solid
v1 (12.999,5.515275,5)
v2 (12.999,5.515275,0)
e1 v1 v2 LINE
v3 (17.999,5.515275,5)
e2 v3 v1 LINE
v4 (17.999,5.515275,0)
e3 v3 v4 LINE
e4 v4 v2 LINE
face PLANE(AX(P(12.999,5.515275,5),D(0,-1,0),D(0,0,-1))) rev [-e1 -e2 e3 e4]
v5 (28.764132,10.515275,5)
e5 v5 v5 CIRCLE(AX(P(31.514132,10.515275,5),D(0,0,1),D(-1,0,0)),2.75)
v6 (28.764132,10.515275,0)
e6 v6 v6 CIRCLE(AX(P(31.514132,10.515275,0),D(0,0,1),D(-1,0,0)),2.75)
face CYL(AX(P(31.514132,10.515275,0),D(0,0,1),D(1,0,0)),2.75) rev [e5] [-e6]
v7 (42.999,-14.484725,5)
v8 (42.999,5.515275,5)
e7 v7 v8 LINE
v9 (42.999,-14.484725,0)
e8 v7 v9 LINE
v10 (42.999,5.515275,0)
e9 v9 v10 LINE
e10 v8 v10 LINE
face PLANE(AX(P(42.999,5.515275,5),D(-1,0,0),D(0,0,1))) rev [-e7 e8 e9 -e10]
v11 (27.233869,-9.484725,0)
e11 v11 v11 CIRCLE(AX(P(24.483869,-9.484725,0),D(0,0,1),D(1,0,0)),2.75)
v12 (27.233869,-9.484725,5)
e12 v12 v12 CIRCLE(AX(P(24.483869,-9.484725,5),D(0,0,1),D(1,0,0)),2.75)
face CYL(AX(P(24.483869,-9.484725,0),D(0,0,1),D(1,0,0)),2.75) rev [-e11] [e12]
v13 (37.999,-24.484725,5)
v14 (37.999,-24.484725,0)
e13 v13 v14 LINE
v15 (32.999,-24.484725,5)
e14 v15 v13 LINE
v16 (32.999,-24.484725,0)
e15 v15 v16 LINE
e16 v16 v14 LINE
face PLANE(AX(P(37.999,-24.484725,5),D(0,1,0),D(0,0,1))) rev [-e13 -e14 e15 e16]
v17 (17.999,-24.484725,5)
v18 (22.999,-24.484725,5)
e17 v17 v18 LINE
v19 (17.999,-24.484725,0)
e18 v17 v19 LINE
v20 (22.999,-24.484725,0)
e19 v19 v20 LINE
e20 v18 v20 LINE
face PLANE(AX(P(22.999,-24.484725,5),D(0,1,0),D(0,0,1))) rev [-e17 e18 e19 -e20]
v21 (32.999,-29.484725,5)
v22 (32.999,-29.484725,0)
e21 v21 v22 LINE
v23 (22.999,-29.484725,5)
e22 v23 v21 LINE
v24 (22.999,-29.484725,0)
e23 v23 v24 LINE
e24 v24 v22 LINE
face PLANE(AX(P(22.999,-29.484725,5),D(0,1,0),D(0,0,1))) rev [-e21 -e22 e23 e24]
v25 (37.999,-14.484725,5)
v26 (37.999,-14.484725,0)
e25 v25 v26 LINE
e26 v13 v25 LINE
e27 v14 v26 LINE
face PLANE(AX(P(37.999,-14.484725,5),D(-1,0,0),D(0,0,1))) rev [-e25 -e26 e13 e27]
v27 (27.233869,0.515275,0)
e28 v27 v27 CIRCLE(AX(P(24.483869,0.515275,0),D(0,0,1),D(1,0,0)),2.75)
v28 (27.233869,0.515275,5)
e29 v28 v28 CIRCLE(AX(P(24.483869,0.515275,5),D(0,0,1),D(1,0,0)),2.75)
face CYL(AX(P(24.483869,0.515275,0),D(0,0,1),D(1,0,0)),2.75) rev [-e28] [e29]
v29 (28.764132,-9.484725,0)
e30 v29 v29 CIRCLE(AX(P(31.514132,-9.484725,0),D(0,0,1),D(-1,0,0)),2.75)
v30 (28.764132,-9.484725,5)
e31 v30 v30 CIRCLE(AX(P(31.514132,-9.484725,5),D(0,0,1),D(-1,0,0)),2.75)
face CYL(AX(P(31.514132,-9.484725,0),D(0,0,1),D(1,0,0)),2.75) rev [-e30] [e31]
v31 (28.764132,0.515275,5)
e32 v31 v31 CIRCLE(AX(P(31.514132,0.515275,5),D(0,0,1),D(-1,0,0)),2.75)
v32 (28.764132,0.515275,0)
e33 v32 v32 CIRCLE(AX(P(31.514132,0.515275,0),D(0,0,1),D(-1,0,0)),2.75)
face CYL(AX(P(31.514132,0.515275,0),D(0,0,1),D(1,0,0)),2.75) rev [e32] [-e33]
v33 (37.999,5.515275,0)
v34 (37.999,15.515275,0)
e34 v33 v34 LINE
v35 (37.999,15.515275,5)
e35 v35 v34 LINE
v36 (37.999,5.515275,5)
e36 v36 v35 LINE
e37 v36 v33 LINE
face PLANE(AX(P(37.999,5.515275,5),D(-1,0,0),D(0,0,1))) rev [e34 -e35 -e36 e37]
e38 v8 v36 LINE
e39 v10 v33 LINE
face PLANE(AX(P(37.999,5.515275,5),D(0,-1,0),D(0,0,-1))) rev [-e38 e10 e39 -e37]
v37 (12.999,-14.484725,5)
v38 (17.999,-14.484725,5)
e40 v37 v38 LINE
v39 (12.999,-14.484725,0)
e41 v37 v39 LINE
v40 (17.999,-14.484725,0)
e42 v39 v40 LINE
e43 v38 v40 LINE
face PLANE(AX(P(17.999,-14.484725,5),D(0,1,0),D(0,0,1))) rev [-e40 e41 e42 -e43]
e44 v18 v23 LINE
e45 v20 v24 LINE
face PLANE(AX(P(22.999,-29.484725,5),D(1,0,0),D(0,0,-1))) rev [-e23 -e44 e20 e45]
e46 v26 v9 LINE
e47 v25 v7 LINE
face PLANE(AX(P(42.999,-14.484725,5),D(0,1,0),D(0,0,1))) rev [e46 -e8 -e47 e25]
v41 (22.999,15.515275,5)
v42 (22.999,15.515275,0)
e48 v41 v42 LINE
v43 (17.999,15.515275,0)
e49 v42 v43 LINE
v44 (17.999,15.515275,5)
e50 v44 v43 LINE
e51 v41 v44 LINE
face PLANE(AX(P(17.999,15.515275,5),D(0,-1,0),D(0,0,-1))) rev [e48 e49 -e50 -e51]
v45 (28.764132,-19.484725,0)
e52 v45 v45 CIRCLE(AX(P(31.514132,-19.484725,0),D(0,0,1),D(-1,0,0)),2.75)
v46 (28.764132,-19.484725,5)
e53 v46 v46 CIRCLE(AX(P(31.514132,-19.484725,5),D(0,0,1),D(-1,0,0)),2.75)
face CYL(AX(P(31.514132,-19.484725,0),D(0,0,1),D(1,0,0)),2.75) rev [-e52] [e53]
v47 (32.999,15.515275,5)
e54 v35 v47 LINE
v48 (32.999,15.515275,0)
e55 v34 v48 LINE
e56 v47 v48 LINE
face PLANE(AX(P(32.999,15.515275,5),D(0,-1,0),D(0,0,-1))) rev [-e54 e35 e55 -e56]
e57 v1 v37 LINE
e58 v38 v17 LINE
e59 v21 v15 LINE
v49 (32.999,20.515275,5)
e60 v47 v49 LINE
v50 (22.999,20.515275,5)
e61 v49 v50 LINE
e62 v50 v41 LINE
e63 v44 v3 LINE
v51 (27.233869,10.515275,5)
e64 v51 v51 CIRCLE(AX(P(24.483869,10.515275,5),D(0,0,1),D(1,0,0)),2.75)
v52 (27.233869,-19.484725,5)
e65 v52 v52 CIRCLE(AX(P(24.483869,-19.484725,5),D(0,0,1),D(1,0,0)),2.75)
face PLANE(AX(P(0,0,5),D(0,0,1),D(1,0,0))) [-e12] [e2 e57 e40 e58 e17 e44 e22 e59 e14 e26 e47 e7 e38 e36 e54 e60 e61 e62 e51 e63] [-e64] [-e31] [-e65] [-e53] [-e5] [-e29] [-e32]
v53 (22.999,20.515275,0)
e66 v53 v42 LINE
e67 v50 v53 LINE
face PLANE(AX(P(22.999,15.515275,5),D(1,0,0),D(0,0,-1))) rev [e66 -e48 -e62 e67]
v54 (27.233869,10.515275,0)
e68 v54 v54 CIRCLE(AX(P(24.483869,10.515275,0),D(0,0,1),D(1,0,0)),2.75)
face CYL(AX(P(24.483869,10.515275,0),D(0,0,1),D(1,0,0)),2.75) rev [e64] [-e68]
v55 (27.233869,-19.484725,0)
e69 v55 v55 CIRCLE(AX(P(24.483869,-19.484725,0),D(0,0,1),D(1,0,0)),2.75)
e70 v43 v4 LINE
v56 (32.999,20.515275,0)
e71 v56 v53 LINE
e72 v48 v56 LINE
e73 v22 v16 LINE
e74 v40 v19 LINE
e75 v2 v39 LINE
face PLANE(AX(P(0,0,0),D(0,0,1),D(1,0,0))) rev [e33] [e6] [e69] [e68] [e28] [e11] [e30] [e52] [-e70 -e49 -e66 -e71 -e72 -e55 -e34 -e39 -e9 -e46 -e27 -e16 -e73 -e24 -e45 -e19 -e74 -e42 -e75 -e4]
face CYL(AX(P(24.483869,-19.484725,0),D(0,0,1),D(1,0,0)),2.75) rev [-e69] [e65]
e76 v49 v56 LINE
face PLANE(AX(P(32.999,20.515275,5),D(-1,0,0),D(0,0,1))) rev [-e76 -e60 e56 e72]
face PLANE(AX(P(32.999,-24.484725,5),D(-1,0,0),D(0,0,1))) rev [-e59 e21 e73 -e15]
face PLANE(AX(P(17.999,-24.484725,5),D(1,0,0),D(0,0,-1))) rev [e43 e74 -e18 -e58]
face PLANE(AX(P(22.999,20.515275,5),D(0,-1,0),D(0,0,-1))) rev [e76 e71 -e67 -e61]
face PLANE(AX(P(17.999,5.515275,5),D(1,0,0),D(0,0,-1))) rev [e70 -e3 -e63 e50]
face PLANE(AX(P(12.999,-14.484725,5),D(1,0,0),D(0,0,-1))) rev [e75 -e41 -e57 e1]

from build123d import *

# Parameters (mm, degrees)
BOSS_EXTRUDE1_DEPTH = 5
SKETCH2_R           = 2.75
CUT_EXTRUDE1_DEPTH  = 53.376168941


with BuildPart() as part:
    # Sketch1 → Boss-Extrude1 (new body)
    with BuildSketch(Plane.XY):
        Polygon((22.999000463, 20.515274598), (32.999000463, 20.515274598), (32.999000463, 15.515274598), (37.999000463, 15.515274598), (37.999000463, 5.515274598), (42.999000463, 5.515274598), (42.999000463, -14.484725402), (37.999000463, -14.484725402), (37.999000463, -24.484725402), (32.999000463, -24.484725402), (32.999000463, -29.484725402), (22.999000463, -29.484725402), (22.999000463, -24.484725402), (17.999000463, -24.484725402), (17.999000463, -14.484725402), (12.999000463, -14.484725402), (12.999000463, 5.515274598), (17.999000463, 5.515274598), (17.999000463, 15.515274598), (22.999000463, 15.515274598), align=None)
    extrude(amount=BOSS_EXTRUDE1_DEPTH)

    # Sketch2 → Cut-Extrude1 (cut, through all)
    with BuildSketch(Plane.XY.offset(5)):
        with Locations((24.48386892, 10.515274598)):
            Circle(SKETCH2_R)
        with Locations((24.48386892, 0.515274598)):
            Circle(SKETCH2_R)
        with Locations((24.48386892, -9.484725402)):
            Circle(SKETCH2_R)
        with Locations((24.48386892, -19.484725402)):
            Circle(SKETCH2_R)
        with Locations(Location((31.514132006, -19.484725402, 0), (0, 0, 180))):
            Circle(SKETCH2_R)
        with Locations(Location((31.514132006, -9.484725402, 0), (0, 0, 180))):
            Circle(SKETCH2_R)
        with Locations(Location((31.514132006, 0.515274598, 0), (0, 0, 180))):
            Circle(SKETCH2_R)
        with Locations(Location((31.514132006, 10.515274598, 0), (0, 0, 180))):
            Circle(SKETCH2_R)
    extrude(amount=-CUT_EXTRUDE1_DEPTH, mode=Mode.SUBTRACT)


solid = part.part
